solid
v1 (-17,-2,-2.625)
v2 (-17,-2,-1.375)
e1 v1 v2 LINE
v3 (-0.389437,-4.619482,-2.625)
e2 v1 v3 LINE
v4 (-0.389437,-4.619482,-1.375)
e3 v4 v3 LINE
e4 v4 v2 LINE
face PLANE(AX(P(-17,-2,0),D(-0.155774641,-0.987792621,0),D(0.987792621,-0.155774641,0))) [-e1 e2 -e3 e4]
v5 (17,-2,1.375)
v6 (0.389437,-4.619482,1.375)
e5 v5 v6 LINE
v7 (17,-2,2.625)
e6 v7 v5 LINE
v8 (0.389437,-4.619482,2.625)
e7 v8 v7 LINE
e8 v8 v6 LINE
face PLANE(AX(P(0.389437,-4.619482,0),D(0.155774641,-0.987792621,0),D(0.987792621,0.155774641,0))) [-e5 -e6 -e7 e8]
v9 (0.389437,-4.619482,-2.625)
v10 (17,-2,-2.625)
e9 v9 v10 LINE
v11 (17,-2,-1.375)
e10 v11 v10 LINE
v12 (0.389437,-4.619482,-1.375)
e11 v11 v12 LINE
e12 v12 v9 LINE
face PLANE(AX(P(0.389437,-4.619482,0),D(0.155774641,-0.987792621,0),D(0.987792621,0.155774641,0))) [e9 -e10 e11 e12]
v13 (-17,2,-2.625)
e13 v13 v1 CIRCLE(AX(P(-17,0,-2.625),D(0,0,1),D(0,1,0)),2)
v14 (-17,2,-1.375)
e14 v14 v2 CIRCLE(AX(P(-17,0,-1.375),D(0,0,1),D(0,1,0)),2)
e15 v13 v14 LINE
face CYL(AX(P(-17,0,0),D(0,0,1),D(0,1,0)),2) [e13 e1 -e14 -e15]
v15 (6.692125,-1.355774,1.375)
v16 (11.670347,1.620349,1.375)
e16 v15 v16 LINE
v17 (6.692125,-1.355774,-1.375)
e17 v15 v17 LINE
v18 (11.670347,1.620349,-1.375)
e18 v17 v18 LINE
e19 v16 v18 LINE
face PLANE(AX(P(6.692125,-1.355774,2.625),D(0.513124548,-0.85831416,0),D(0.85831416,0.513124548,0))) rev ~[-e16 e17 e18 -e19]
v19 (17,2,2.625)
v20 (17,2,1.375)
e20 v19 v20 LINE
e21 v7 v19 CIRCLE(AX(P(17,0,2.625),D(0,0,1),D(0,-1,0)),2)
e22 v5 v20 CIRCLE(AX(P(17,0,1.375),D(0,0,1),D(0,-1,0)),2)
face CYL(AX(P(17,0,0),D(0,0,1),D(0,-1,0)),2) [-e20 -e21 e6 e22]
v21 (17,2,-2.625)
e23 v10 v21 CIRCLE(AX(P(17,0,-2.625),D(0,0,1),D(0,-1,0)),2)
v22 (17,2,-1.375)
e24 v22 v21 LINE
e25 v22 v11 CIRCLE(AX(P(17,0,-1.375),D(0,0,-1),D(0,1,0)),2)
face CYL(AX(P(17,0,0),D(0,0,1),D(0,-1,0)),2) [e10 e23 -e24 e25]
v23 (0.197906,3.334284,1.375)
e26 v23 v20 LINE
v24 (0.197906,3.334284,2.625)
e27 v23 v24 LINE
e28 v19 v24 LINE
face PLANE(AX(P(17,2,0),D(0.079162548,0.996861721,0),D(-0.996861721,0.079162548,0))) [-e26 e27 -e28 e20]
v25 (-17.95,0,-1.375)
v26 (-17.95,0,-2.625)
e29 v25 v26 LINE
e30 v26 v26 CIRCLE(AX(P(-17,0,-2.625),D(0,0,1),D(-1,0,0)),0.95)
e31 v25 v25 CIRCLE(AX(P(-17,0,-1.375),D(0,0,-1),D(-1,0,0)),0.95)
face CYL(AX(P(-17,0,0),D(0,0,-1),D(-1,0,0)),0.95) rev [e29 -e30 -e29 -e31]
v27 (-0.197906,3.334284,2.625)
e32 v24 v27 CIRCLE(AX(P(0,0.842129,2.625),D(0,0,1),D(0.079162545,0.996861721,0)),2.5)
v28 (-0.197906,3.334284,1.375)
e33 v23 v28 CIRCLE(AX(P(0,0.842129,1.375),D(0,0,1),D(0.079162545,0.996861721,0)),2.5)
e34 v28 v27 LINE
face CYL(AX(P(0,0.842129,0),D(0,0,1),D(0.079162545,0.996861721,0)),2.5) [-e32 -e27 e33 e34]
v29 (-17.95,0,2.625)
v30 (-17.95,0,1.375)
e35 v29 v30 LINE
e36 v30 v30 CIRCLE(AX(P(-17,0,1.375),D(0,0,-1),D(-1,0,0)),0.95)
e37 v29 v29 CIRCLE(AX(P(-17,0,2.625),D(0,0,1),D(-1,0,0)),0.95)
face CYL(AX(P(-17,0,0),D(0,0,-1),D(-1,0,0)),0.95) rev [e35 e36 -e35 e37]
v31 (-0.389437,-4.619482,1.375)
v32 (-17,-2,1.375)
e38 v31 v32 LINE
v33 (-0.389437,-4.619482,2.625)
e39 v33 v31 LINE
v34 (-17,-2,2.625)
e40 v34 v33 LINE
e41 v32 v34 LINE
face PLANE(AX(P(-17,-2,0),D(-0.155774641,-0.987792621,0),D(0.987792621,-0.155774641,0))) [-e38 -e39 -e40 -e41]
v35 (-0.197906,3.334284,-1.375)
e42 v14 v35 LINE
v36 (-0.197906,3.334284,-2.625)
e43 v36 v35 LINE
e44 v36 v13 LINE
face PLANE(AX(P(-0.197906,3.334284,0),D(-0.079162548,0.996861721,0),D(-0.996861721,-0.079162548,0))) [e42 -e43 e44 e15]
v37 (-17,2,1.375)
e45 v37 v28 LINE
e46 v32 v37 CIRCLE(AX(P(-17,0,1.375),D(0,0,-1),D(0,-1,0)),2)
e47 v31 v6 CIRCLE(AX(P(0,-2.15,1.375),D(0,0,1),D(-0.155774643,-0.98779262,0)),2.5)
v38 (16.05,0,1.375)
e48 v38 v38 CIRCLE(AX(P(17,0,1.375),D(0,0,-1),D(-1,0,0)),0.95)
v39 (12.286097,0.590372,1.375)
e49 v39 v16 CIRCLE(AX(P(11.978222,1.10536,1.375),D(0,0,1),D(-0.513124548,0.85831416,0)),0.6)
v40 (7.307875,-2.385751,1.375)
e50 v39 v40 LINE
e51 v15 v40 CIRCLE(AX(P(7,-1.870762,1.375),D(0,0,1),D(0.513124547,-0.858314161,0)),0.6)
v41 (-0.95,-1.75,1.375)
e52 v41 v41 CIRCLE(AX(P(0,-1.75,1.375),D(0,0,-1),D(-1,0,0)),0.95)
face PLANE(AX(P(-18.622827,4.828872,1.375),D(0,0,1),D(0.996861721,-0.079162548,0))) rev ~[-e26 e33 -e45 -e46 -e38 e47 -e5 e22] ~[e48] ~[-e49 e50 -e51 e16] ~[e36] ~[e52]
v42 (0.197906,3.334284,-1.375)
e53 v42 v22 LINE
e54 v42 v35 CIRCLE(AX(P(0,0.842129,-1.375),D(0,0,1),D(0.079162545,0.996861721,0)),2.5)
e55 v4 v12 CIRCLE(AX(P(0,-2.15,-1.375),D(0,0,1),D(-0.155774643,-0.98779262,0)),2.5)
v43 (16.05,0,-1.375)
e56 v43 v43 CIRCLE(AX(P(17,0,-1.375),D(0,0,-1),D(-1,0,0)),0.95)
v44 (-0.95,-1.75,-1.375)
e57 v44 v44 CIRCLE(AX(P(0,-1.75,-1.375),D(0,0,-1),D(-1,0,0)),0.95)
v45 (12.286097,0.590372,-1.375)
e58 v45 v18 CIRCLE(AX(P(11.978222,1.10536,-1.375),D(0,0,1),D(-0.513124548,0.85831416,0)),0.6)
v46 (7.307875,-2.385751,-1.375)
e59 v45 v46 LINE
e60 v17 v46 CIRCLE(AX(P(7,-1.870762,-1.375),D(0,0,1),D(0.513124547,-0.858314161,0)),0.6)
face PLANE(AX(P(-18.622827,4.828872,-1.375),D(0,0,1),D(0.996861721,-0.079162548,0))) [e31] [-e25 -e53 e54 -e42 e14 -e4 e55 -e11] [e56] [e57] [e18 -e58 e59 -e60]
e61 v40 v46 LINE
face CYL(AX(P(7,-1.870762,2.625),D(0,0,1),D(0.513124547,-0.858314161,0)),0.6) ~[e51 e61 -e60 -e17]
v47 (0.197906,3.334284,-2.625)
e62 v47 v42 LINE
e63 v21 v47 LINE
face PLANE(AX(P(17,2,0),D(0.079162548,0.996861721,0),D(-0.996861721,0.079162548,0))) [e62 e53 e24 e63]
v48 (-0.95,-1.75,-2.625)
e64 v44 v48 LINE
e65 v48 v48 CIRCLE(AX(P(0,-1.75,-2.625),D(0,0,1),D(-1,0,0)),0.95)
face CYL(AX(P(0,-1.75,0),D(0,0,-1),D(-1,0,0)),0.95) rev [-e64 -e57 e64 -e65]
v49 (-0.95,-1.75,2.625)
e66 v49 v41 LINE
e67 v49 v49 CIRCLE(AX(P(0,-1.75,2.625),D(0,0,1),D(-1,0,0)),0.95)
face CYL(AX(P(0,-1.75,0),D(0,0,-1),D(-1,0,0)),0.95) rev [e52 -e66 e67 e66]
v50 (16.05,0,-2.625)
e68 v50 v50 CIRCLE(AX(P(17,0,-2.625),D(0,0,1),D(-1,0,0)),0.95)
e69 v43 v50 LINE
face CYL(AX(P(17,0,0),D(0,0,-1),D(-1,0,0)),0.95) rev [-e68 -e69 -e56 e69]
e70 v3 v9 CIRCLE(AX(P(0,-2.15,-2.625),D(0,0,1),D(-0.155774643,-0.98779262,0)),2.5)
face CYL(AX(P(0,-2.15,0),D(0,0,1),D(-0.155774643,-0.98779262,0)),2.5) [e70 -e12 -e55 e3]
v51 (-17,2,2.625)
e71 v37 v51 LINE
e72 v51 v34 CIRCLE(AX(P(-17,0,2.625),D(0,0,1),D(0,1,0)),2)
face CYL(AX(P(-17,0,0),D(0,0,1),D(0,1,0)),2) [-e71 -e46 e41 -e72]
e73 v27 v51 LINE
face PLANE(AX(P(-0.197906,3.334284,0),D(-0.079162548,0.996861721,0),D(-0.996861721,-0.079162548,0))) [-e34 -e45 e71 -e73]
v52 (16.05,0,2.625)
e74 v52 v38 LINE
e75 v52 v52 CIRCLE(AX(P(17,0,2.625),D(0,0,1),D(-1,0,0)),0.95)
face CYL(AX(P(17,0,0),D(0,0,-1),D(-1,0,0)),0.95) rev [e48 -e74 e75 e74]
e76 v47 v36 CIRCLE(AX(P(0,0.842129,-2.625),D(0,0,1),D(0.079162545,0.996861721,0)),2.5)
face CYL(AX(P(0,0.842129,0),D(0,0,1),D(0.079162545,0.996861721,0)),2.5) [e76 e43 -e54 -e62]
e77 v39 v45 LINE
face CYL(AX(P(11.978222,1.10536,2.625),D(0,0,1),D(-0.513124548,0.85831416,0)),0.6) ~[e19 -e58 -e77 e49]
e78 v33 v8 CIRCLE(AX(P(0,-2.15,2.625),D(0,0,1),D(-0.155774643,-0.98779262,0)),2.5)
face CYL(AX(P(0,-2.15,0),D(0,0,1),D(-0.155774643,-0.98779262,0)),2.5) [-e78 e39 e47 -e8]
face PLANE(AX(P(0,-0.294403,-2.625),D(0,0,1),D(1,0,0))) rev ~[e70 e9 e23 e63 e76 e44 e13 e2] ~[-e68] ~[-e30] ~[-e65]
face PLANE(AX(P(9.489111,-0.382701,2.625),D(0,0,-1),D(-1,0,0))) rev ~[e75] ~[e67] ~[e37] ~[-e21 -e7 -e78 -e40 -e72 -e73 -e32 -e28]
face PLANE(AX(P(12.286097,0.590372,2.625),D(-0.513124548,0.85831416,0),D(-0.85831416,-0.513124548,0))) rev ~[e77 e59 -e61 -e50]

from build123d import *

# Parameters (mm, degrees)
SKETCH1_R           = 0.95
BOSS_EXTRUDE1_DEPTH = 2.625
SKETCH2_W           = 37.893298516
SKETCH2_H           = 2.75
CUT_EXTRUDE1_DEPTH  = 13.625
BOSS_EXTRUDE2_DEPTH = 5.25


with BuildPart() as part:
    # Sketch1 → Boss-Extrude1 (new, symmetric)
    with BuildSketch(Plane.XY):
        with BuildLine():
            Line((17, 2), (0.197906371, 3.334283906))
            ThreePointArc((0.197906371, 3.334283906), (0, 3.342129603), (-0.197906371, 3.334283906))
            Line((-0.197906371, 3.334283906), (-17, 2))
            ThreePointArc((-17, 2), (-19, 0), (-17, -2))
            Line((-17, -2), (-0.389436602, -4.619481551))
            ThreePointArc((-0.389436602, -4.619481551), (0, -4.65), (0.389436602, -4.619481551))
            Line((0.389436602, -4.619481551), (17, -2))
            ThreePointArc((17, -2), (19, 0), (17, 2))
        make_face()
        with Locations(Location((-17, 0, 0), (0, 0, 180))):
            Circle(SKETCH1_R, mode=Mode.SUBTRACT)
        with Locations(Location((17, 0, 0), (0, 0, 180))):
            Circle(SKETCH1_R, mode=Mode.SUBTRACT)
        with Locations(Location((0, -1.75, 0), (0, 0, 180))):
            Circle(SKETCH1_R, mode=Mode.SUBTRACT)
    extrude(amount=BOSS_EXTRUDE1_DEPTH, both=True)

    # Sketch2 → Cut-Extrude1 (cut, symmetric)
    with BuildSketch(Plane(origin=(0.264362283, 3.329006525, 0), x_dir=(0.996861721065102, -0.07916254843752263, 0), z_dir=(0.07916254843752263, 0.996861721065102, 0))):
        Rectangle(SKETCH2_W, SKETCH2_H)
    extrude(amount=CUT_EXTRUDE1_DEPTH, both=True, mode=Mode.SUBTRACT)


with BuildPart() as cut_extrude1_piece_1:
    # of the separate pieces the step leaves, piece 1, a body of its own (cut_extrude1_pieces)
    add(part.part.solids().sort_by_distance((17, 2, 2.625))[0])



with BuildPart() as cut_extrude1_piece_2:
    # of the separate pieces the step leaves, piece 2, a body of its own (cut_extrude1_pieces)
    add(part.part.solids().sort_by_distance((17, 2, -1.375))[0])


with BuildPart() as cut_extrude1_piece_1_1:
    add(cut_extrude1_piece_1.part)

    add(cut_extrude1_piece_2.part)  # Boss-Extrude2 merges Cut-Extrude1 piece 2
    # Sketch3 → Boss-Extrude2 (add)
    with BuildSketch(Plane.XY.offset(2.625)):
        with BuildLine():
            Line((6.692125271, -1.355773858), (11.670347401, 1.620348522))
            ThreePointArc((11.670347401, 1.620348522), (12.493210627, 1.413234754), (12.286096859, 0.590371529))
            Line((12.286096859, 0.590371529), (7.307874729, -2.385750851))
            ThreePointArc((7.307874729, -2.385750851), (6.485011504, -2.178637083), (6.692125271, -1.355773858))
        make_face()
    extrude(amount=-BOSS_EXTRUDE2_DEPTH)


solid = cut_extrude1_piece_1_1.part
